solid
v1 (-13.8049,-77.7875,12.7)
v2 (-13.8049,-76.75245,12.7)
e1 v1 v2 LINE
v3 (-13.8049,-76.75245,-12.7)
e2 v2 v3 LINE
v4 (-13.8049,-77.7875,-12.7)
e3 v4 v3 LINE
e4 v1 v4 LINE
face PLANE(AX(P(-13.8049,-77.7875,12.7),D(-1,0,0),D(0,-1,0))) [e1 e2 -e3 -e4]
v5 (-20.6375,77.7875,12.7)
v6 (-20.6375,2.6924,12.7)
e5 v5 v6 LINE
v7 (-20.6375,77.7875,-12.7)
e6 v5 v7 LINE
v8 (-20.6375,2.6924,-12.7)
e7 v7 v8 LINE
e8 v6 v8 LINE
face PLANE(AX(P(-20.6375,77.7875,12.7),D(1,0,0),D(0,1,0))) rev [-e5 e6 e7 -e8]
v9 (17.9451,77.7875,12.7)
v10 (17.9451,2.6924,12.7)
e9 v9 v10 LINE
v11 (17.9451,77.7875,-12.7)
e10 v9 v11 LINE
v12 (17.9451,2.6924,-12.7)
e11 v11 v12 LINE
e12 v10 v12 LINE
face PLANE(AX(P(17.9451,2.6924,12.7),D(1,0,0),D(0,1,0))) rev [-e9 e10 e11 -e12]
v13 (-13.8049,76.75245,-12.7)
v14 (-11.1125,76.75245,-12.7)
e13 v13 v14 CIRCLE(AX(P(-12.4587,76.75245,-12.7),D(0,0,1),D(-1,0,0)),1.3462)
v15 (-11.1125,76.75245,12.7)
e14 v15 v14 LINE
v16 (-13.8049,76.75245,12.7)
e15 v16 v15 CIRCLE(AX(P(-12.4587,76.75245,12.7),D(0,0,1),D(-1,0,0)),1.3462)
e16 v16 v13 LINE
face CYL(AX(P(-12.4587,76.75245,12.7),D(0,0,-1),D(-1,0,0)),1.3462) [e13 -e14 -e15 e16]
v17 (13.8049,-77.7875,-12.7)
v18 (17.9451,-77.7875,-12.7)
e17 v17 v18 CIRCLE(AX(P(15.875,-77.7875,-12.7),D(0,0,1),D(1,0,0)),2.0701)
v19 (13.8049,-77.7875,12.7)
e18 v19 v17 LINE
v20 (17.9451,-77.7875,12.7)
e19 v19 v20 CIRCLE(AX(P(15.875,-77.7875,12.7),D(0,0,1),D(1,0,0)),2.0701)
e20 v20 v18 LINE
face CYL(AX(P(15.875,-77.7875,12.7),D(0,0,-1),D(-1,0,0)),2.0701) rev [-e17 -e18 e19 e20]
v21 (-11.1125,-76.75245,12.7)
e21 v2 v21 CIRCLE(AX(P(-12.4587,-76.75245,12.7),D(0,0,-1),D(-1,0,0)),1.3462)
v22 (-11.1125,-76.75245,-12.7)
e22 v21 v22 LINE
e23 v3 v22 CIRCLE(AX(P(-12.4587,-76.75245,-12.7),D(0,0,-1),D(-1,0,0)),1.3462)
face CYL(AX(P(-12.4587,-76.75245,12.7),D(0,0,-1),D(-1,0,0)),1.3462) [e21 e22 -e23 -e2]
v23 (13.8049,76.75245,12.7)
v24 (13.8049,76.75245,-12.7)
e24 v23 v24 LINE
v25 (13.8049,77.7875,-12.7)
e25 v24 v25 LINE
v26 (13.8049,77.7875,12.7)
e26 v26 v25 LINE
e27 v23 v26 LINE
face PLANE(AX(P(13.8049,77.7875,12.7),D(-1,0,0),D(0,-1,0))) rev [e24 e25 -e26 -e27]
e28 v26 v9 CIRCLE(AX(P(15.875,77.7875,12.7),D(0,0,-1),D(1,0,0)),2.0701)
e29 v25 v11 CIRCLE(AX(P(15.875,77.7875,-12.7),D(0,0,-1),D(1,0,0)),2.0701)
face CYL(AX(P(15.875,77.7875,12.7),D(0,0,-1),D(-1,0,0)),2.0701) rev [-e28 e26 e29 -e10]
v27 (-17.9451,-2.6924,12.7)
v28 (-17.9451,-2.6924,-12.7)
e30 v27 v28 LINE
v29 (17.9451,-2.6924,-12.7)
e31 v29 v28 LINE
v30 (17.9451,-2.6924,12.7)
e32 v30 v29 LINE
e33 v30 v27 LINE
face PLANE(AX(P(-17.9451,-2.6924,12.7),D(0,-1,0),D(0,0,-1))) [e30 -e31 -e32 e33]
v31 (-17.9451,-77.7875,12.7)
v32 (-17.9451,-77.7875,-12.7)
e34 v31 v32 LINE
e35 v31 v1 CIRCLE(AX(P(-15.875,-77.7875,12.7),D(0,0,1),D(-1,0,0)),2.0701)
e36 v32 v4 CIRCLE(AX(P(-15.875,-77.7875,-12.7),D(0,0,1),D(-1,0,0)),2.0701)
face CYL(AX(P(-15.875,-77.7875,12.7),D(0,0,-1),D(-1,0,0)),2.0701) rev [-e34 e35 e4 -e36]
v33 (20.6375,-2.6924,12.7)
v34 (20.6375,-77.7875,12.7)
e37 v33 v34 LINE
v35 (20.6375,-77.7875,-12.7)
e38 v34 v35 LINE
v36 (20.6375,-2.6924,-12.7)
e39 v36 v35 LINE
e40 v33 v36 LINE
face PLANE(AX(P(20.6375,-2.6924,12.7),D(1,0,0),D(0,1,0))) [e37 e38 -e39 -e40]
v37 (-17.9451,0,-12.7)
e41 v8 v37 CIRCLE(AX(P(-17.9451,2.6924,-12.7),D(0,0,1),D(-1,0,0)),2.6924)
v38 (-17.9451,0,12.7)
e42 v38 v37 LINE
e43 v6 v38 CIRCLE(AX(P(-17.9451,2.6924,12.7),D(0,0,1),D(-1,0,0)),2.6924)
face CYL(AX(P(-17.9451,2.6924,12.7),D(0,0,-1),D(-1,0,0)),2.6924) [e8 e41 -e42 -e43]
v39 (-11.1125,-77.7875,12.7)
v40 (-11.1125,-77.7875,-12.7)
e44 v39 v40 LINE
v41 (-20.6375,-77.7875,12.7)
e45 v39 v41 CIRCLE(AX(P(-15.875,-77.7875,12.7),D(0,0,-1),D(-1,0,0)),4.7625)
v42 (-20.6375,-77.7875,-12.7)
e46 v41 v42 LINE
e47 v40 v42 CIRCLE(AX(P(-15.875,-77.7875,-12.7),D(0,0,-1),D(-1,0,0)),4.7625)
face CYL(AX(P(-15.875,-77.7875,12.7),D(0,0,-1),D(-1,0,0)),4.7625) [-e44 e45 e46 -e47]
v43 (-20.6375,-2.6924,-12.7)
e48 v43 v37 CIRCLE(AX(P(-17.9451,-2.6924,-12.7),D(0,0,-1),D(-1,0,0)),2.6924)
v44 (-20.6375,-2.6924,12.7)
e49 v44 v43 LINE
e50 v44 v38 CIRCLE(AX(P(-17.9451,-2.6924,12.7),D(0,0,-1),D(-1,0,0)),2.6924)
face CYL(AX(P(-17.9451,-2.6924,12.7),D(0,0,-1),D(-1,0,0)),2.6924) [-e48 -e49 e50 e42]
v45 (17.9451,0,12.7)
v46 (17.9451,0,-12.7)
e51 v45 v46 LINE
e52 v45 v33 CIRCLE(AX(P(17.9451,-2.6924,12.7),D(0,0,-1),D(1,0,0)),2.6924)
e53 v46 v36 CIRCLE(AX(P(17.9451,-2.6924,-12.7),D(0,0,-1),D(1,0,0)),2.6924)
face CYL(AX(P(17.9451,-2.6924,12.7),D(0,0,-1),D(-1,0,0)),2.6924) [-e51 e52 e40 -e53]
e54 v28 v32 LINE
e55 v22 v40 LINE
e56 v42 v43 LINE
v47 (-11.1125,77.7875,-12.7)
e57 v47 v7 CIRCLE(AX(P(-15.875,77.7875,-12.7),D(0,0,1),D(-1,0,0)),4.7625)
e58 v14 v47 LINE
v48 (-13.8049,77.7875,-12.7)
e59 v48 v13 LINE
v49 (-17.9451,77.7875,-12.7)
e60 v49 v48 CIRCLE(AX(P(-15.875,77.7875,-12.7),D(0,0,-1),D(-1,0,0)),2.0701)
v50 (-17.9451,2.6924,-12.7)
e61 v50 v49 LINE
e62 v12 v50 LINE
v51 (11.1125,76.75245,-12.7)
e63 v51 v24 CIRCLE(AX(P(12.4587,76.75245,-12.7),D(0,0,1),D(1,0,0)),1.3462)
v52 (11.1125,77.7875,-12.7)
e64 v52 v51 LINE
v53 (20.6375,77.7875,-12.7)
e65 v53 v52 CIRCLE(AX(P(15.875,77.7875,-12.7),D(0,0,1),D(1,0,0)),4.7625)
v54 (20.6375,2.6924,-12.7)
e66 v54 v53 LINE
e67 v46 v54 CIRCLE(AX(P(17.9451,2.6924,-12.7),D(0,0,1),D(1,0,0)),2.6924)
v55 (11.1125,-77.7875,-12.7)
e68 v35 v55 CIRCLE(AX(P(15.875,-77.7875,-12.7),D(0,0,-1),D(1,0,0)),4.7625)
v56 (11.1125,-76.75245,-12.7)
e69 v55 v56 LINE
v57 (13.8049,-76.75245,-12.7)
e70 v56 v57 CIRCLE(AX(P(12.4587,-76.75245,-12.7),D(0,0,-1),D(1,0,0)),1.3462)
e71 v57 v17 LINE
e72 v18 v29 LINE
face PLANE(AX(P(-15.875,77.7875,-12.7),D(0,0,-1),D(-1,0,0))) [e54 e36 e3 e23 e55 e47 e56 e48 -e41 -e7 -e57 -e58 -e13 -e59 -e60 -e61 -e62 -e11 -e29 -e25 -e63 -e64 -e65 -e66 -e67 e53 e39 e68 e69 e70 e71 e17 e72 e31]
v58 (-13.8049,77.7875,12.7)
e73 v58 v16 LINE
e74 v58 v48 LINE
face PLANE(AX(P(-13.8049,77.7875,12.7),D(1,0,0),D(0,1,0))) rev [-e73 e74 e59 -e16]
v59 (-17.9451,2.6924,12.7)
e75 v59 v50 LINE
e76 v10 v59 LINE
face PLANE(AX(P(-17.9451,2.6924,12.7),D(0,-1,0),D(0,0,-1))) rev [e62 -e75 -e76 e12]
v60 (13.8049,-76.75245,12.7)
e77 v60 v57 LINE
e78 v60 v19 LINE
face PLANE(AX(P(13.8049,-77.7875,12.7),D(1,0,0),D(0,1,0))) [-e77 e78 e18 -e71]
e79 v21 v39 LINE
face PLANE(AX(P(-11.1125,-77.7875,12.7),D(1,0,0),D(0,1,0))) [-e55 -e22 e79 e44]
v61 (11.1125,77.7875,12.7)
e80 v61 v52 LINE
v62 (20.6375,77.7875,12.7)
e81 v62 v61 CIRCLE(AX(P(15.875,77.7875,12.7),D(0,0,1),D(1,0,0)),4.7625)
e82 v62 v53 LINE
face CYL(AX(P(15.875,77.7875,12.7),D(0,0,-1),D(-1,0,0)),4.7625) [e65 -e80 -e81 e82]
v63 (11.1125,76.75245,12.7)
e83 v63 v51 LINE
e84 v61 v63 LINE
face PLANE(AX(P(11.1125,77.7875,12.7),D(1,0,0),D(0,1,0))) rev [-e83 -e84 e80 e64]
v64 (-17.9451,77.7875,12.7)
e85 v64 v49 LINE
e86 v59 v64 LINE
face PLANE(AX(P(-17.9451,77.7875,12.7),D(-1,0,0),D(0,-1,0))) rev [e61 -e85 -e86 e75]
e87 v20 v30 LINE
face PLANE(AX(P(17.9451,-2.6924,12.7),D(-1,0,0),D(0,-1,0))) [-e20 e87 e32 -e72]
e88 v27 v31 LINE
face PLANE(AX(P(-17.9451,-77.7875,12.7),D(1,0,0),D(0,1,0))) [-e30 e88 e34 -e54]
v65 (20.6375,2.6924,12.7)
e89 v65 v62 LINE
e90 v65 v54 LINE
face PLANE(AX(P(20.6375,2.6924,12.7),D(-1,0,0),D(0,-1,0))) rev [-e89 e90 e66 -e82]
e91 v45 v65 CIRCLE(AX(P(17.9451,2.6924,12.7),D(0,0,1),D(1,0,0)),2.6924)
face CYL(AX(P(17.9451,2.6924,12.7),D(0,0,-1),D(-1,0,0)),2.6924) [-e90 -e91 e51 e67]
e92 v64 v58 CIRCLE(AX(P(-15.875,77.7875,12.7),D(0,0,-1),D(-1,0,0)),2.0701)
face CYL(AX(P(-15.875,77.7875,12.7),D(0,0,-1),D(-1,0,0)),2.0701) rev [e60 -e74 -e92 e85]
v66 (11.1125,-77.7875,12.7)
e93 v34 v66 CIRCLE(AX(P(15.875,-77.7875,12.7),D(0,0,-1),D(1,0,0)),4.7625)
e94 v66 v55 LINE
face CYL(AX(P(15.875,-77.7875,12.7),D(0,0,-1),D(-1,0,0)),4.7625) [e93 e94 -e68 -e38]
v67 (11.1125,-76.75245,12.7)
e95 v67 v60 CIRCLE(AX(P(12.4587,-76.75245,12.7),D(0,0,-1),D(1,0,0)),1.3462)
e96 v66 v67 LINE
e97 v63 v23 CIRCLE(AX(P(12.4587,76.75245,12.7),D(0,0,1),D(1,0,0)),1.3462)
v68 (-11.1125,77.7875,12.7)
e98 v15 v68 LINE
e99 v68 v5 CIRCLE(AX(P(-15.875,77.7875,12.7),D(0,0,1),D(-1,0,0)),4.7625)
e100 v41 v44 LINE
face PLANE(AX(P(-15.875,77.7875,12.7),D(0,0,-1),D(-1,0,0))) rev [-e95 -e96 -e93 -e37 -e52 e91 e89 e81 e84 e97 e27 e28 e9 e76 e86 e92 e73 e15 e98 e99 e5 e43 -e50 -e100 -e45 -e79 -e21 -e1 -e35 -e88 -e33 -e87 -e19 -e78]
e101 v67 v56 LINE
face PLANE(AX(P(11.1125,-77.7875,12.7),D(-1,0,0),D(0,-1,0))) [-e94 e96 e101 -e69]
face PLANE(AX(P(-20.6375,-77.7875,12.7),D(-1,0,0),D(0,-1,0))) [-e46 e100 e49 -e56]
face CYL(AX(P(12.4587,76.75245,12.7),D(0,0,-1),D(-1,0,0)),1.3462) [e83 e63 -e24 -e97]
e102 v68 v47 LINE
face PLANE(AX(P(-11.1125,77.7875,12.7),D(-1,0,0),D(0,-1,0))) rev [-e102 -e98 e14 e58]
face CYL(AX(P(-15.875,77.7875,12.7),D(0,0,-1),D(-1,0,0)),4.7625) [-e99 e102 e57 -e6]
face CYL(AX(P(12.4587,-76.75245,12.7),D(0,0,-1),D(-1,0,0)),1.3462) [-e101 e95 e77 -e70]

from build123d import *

# Parameters (mm, degrees)
BASE_EXTRUDE_DEPTH = 12.7


with BuildPart() as part:
    # Sketch1 → Base-Extrude (new, symmetric)
    with BuildSketch(Plane.XY):
        with BuildLine():
            Line((-20.6375, 77.7875), (-20.6375, 2.6924))
            ThreePointArc((-20.6375, 2.6924), (-19.848914298, 0.788585702), (-17.9451, 0))
            Line((-17.9451, 0), (17.9451, 0))
            ThreePointArc((17.9451, 0), (19.848914298, 0.788585702), (20.6375, 2.6924))
            Line((20.6375, 2.6924), (20.6375, 77.7875))
            ThreePointArc((20.6375, 77.7875), (15.875, 82.55), (11.1125, 77.7875))
            Line((11.1125, 77.7875), (11.1125, 76.75245))
            ThreePointArc((11.1125, 76.75245), (12.4587, 75.40625), (13.8049, 76.75245))
            Line((13.8049, 76.75245), (13.8049, 77.7875))
            ThreePointArc((13.8049, 77.7875), (15.875, 79.8576), (17.9451, 77.7875))
            Line((17.9451, 77.7875), (17.9451, 2.6924))
            Line((17.9451, 2.6924), (-17.9451, 2.6924))
            Line((-17.9451, 2.6924), (-17.9451, 77.7875))
            ThreePointArc((-17.9451, 77.7875), (-15.875, 79.8576), (-13.8049, 77.7875))
            Line((-13.8049, 77.7875), (-13.8049, 76.75245))
            ThreePointArc((-13.8049, 76.75245), (-12.4587, 75.40625), (-11.1125, 76.75245))
            Line((-11.1125, 76.75245), (-11.1125, 77.7875))
            ThreePointArc((-11.1125, 77.7875), (-15.875, 82.55), (-20.6375, 77.7875))
        make_face()
    base_extrude = extrude(amount=BASE_EXTRUDE_DEPTH, both=True)

    # Mirror1: Base-Extrude across plane
    add(base_extrude.mirror(Plane.ZX))


solid = part.part
